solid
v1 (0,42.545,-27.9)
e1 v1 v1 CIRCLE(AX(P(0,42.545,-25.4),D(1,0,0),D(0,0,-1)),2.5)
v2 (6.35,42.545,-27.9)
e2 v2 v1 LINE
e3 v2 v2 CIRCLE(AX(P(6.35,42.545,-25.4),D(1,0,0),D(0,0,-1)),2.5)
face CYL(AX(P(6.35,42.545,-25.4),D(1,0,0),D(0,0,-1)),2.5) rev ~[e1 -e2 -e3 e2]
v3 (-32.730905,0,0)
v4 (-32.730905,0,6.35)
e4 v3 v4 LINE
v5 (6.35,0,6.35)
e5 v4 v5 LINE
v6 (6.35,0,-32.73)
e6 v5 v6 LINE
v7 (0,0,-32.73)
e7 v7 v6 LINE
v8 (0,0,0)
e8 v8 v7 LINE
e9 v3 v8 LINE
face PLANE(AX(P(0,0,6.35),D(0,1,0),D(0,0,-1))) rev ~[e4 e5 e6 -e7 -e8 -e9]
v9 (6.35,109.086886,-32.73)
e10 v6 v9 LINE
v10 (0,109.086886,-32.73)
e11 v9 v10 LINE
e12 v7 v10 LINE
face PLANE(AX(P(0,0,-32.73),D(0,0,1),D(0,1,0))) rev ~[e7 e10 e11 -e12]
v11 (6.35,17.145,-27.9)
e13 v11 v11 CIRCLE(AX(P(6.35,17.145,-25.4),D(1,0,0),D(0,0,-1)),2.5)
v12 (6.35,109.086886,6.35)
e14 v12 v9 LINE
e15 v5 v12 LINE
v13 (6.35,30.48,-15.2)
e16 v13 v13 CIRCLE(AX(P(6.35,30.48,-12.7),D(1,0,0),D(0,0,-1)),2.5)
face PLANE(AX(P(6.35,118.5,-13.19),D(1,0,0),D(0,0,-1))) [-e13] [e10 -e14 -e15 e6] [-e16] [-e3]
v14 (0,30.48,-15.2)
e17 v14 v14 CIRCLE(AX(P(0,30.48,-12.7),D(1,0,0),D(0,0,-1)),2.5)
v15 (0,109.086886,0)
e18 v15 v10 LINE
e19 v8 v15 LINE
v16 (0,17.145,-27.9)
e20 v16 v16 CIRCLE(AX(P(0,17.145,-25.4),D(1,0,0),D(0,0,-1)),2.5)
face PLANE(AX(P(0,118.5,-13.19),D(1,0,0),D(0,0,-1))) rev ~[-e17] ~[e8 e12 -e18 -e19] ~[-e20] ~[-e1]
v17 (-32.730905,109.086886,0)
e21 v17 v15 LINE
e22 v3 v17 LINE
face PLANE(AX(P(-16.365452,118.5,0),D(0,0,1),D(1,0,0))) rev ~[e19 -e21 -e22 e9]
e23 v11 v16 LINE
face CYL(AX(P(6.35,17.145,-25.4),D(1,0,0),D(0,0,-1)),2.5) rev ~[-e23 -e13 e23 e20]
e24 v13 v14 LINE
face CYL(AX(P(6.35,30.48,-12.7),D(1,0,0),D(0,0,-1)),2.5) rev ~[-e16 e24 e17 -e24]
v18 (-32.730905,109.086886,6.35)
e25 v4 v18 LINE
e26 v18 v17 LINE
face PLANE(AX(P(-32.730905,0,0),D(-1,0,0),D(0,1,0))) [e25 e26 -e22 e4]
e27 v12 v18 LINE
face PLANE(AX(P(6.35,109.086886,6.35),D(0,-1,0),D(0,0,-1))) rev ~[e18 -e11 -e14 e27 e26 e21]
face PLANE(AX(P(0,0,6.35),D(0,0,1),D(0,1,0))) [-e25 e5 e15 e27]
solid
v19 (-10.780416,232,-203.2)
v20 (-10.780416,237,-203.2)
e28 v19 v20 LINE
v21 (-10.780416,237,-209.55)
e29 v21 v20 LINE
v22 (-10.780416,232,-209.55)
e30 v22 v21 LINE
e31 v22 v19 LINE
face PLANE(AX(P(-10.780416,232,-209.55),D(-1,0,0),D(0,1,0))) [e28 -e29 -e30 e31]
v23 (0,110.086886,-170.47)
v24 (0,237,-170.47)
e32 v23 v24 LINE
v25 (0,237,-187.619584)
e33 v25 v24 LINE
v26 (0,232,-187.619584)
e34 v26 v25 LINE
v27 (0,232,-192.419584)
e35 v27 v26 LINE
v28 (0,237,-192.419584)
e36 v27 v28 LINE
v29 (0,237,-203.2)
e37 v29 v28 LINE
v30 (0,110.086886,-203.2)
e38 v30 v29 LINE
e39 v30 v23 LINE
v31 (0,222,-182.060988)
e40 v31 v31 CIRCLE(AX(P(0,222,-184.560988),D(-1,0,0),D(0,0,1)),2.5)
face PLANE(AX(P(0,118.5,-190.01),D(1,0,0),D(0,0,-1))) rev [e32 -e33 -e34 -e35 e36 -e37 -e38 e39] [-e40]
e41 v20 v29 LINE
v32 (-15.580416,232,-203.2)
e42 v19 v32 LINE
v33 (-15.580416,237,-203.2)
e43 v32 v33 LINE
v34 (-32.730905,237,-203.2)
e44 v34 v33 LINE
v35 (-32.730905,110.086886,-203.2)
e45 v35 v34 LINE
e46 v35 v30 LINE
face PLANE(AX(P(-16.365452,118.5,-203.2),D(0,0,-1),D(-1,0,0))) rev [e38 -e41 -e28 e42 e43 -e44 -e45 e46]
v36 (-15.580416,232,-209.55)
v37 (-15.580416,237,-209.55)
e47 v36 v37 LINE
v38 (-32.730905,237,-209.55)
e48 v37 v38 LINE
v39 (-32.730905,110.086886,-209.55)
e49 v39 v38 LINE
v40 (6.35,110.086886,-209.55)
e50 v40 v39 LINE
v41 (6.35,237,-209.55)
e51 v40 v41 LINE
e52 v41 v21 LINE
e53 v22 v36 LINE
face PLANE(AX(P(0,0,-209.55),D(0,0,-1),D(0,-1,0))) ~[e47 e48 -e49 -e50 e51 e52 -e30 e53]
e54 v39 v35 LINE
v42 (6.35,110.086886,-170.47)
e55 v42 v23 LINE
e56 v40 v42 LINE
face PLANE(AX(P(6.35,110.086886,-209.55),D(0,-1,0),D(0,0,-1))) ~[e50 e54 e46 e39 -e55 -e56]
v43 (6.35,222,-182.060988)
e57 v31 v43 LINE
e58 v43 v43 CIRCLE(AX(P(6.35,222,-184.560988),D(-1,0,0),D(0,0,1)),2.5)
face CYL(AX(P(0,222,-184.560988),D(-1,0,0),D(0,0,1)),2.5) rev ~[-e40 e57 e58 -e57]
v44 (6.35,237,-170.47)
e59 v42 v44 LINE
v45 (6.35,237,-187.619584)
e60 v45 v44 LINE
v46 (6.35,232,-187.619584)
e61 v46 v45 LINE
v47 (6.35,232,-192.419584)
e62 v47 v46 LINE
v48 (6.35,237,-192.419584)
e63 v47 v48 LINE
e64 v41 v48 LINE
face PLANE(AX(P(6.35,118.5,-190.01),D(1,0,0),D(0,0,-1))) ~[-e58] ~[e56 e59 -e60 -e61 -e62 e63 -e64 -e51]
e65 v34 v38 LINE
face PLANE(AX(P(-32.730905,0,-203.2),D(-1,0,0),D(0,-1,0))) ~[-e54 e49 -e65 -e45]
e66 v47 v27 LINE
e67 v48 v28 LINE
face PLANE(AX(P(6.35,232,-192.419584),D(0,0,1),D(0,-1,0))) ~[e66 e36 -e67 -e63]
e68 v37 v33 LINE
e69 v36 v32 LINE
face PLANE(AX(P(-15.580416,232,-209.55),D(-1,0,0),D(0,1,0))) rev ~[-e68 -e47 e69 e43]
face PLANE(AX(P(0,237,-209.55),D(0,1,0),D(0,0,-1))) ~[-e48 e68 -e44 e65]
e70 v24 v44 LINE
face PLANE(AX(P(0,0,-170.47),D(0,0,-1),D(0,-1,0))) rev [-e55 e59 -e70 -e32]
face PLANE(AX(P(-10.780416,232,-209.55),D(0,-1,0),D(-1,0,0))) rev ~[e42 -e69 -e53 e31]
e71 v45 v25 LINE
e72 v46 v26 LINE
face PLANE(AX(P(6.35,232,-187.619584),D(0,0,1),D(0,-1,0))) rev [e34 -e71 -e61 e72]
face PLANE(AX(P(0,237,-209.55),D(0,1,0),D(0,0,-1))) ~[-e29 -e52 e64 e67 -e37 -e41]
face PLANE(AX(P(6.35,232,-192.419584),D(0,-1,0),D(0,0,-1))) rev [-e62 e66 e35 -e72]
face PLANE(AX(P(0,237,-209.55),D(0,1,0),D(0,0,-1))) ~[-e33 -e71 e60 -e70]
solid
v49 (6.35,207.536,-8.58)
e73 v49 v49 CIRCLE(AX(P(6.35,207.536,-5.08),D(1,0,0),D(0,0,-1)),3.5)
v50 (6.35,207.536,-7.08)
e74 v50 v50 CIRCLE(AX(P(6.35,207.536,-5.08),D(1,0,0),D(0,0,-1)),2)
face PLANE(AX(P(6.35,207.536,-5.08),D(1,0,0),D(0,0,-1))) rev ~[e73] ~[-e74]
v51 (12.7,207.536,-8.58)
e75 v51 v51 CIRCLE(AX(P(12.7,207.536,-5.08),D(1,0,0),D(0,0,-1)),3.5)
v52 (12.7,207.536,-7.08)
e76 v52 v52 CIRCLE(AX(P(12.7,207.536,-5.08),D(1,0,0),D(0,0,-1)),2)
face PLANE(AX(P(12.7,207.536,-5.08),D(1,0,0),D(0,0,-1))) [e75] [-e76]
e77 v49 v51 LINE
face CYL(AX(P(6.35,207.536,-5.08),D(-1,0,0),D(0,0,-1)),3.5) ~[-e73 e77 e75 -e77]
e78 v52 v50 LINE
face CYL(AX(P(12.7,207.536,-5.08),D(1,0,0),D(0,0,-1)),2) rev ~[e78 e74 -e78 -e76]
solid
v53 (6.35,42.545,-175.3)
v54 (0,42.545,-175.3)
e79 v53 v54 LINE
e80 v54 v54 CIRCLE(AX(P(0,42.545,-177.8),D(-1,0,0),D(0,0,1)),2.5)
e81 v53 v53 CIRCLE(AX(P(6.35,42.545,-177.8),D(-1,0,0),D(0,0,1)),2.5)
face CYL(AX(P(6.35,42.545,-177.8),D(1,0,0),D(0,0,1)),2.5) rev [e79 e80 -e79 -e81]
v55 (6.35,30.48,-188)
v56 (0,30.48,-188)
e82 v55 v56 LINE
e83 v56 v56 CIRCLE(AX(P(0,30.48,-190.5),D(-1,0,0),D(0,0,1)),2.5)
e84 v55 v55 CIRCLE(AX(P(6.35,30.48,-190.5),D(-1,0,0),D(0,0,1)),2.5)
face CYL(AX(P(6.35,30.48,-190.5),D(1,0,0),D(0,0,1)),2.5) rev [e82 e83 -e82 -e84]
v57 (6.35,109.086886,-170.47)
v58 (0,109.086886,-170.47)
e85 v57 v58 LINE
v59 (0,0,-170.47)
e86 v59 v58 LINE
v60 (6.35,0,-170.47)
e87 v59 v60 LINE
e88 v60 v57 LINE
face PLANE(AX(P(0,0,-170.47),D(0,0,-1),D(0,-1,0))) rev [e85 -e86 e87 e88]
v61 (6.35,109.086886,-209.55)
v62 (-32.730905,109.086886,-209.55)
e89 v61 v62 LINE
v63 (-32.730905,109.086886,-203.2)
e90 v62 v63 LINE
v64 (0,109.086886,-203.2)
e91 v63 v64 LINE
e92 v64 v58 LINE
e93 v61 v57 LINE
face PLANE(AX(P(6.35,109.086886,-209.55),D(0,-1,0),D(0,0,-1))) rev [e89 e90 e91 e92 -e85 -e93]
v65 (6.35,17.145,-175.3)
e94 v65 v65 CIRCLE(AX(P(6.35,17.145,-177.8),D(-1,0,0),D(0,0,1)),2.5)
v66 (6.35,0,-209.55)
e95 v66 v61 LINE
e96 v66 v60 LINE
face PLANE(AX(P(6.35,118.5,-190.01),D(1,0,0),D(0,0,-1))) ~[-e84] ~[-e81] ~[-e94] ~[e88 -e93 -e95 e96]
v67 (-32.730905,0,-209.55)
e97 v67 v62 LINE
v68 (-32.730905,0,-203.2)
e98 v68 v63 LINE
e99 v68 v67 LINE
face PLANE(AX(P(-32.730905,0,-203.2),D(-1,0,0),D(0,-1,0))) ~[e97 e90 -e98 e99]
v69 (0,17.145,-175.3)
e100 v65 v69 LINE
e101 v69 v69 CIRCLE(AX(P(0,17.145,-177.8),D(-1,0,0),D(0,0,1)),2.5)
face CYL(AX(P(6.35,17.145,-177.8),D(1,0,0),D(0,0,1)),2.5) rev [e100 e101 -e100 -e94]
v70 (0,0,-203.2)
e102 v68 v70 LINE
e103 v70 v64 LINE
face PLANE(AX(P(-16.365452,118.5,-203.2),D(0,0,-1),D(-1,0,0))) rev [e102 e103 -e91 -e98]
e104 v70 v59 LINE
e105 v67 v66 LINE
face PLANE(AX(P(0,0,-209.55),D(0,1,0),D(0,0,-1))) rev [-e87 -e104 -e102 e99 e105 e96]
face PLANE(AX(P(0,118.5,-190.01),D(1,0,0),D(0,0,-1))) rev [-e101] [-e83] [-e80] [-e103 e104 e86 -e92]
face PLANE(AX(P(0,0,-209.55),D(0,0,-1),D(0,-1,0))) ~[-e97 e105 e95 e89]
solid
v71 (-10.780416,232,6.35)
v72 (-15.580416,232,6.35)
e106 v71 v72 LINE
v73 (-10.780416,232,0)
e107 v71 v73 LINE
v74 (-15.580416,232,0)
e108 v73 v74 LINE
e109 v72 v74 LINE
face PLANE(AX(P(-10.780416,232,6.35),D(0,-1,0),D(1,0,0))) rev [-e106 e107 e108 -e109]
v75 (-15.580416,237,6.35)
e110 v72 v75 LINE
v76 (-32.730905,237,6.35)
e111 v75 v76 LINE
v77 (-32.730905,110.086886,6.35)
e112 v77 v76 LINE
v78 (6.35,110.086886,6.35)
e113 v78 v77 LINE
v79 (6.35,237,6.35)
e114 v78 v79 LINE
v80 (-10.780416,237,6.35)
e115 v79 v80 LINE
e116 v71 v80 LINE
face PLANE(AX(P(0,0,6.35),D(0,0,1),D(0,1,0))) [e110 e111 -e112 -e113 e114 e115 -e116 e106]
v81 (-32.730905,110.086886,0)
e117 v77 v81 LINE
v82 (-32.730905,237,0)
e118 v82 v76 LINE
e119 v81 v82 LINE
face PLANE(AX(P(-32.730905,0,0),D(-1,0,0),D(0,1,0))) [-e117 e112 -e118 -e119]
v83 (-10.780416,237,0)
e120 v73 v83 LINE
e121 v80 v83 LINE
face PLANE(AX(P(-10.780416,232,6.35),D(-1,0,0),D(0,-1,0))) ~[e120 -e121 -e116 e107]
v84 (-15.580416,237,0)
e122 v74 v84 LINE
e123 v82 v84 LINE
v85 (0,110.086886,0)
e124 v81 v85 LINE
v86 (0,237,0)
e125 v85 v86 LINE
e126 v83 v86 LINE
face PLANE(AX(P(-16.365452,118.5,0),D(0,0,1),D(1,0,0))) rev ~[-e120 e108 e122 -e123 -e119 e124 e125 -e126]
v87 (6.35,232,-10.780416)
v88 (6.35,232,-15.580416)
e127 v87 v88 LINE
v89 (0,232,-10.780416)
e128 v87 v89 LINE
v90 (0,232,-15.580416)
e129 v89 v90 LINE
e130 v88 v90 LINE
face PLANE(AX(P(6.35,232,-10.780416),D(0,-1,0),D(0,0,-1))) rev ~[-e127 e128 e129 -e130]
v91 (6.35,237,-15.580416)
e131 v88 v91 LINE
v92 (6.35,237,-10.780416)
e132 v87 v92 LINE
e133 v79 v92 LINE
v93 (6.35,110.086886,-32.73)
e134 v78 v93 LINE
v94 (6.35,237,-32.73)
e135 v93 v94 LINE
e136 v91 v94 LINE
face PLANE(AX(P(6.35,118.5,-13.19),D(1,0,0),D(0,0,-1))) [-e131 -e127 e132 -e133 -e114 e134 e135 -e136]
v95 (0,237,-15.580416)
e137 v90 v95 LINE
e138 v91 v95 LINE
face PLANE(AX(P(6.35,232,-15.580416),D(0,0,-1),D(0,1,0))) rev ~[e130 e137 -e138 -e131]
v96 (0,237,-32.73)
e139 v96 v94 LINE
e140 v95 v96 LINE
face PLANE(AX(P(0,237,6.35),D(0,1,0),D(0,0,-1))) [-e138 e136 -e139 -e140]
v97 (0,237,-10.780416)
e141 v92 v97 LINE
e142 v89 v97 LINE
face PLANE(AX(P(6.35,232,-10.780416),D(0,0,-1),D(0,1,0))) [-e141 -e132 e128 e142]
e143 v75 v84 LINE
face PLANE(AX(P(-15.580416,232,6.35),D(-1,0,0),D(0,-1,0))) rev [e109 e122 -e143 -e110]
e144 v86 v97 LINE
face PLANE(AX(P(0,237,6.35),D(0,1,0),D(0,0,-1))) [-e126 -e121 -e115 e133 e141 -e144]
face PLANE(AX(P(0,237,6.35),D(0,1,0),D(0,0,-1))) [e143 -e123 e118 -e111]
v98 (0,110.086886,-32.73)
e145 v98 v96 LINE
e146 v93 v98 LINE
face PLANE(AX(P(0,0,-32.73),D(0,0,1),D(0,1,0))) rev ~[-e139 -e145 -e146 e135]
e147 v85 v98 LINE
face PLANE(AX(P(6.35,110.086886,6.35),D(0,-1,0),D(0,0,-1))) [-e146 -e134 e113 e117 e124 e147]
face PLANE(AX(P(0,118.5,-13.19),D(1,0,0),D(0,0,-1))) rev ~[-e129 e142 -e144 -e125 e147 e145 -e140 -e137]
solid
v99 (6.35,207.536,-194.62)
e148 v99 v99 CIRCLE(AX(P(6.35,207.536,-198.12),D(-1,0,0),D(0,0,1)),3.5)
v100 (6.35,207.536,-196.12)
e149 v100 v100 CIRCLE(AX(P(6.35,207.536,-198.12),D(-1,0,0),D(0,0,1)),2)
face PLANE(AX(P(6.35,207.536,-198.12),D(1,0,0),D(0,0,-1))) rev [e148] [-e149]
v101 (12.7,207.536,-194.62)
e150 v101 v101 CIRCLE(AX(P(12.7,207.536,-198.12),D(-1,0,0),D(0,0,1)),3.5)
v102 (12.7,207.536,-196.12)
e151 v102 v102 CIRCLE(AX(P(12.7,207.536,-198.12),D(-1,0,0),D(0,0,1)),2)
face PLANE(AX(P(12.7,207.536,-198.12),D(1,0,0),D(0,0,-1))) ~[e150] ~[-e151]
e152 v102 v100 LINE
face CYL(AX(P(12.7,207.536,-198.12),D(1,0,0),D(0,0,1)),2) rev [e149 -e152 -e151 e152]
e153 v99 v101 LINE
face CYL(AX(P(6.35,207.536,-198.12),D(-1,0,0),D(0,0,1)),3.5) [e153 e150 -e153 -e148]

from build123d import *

# Parameters (mm, degrees)
SKETCH1_W                   = 32.730904613
SKETCH1_H                   = 237
BOSS_EXTRUDE1_DEPTH         = 6.35
SKETCH2_W                   = 39.08
SKETCH2_H                   = 237
BOSS_EXTRUDE3_DEPTH         = 6.35
SKETCH27_W                  = 4.8
SKETCH27_H                  = 5
LOCKING_MECHANISM_CUT_DEPTH = 6.35
SKETCH28_R                  = 2.5
BRACKET_BOLT_HOLES_DEPTH    = 6.35
F_1_MM_SPLIT_REACH          = 244.42
SKETCH29_W                  = 39.08
SKETCH29_H                  = 1
SKETCH32_R                  = 3.5
LOCKING_MOUNT_DEPTH         = 6.35
SKETCH33_R                  = 2
M4_SCREW_HOLE_DEPTH         = 6.35
SKETCH35_R                  = 2.5
CUT_EXTRUDE2_DEPTH          = 6.35


with BuildPart() as part:
    # Sketch1 → Boss-Extrude1 (new body)
    with BuildSketch(Plane.XY):
        with Locations((-16.365452306, 118.5)):
            Rectangle(SKETCH1_W, SKETCH1_H)
    extrude(amount=BOSS_EXTRUDE1_DEPTH)

    # Sketch2 → Boss-Extrude3 (add)
    with BuildSketch(Plane(origin=(0, 0, 0), x_dir=(0, 0, -1), z_dir=(1, 0, 0))):
        with Locations((13.19, 118.5)):
            Rectangle(SKETCH2_W, SKETCH2_H)
    extrude(amount=BOSS_EXTRUDE3_DEPTH)

    # Sketch27 → Locking_Mechanism_Cut (cut)
    with BuildSketch(Plane(origin=(6.35, 0, 0), x_dir=(0, 0, -1), z_dir=(1, 0, 0))):
        with Locations((13.180415796, 234.5)):
            Rectangle(SKETCH27_W, SKETCH27_H)
    locking_mechanism_cut = extrude(amount=-LOCKING_MECHANISM_CUT_DEPTH, mode=Mode.SUBTRACT)

    # Sketch28 → Bracket Bolt Holes (cut)
    with BuildSketch(Plane(origin=(6.35, 0, 0), x_dir=(0, 0, -1), z_dir=(1, 0, 0))):
        with Locations((25.4, 42.545)):
            Circle(SKETCH28_R)
        with Locations((25.4, 17.145)):
            Circle(SKETCH28_R)
        with Locations((12.7, 30.48)):
            Circle(SKETCH28_R)
    extrude(amount=-BRACKET_BOLT_HOLES_DEPTH, mode=Mode.SUBTRACT)

    # 1 mm split: up to this face of the body (flat: up to its plane)
    f_1_mm_split_end = Plane(part.part.faces().sort_by_distance((-32.730904613, 118.5, 3.175))[0])
    # Sketch29 → 1 mm split (cut, up to the picked face)
    with BuildSketch(Plane(origin=(6.35, 0, 0), x_dir=(0, 0, -1), z_dir=(1, 0, 0)), mode=Mode.PRIVATE) as f_1_mm_split_sk1:
        with Locations((13.19, 109.586886099)):
            Rectangle(SKETCH29_W, SKETCH29_H)
    f_1_mm_split_tool1 = split(extrude(f_1_mm_split_sk1.sketch, amount=-F_1_MM_SPLIT_REACH, mode=Mode.PRIVATE), bisect_by=f_1_mm_split_end, keep=Keep.BOTH, mode=Mode.PRIVATE)
    add(f_1_mm_split_tool1.solids().sort_by(Axis((6.35, 109.586886, -13.19), (-1, 0, 0)))[0], mode=Mode.SUBTRACT)


with BuildPart() as f_1_mm_split_piece_1:
    # of the separate pieces the step leaves, piece 1, a body of its own (f_1_mm_split_pieces)
    add(part.part.solids().sort_by_distance((-32.730904613, 110.086886099, 0))[0])

    # LockingMechanismMirror: Locking_Mechanism_Cut across plane
    add(locking_mechanism_cut.mirror(Plane(origin=(0, 0, 0), x_dir=(0.7071067811865465, 0, 0.7071067811865486), z_dir=(0.7071067811865488, 0, -0.7071067811865464))), mode=Mode.SUBTRACT)


with BuildPart() as f_1_mm_split_piece_2:
    # of the separate pieces the step leaves, piece 2, a body of its own (f_1_mm_split_pieces)
    add(part.part.solids().sort_by_distance((-32.730904613, 0, 0))[0])


with BuildPart() as body_3:
    # Sketch32 → Locking Mount (new body)
    with BuildSketch(Plane(origin=(6.35, 0, 0), x_dir=(0, 0, -1), z_dir=(1, 0, 0))):
        with Locations((5.08, 207.536)):
            Circle(SKETCH32_R)
    extrude(amount=LOCKING_MOUNT_DEPTH)

    # Sketch33 → M4 Screw Hole (cut)
    with BuildSketch(Plane(origin=(12.7, 0, 0), x_dir=(0, 0, -1), z_dir=(1, 0, 0))):
        with Locations((5.08, 207.536)):
            Circle(SKETCH33_R)
    extrude(amount=-M4_SCREW_HOLE_DEPTH, mode=Mode.SUBTRACT)


with BuildPart() as body_4:
    # Mirror2: mirrored copy
    add(f_1_mm_split_piece_1.part.mirror(Plane(origin=(0, 0, -101.6), x_dir=(1, 0, 0), z_dir=(0, 0, -1))))

    # Sketch35 → Cut-Extrude2 (cut)
    with BuildSketch(Plane.ZY):
        with Locations((-184.560987757, 222)):
            Circle(SKETCH35_R)
    extrude(amount=-CUT_EXTRUDE2_DEPTH, mode=Mode.SUBTRACT)


with BuildPart() as body_5:
    # Mirror2 2: mirrored copy
    add(f_1_mm_split_piece_2.part.mirror(Plane(origin=(0, 0, -101.6), x_dir=(1, 0, 0), z_dir=(0, 0, -1))))


with BuildPart() as body_6:
    # Mirror2 3: mirrored copy
    add(body_3.part.mirror(Plane(origin=(0, 0, -101.6), x_dir=(1, 0, 0), z_dir=(0, 0, -1))))


solid = Compound([f_1_mm_split_piece_1.part, f_1_mm_split_piece_2.part, body_3.part, body_4.part, body_5.part, body_6.part])
